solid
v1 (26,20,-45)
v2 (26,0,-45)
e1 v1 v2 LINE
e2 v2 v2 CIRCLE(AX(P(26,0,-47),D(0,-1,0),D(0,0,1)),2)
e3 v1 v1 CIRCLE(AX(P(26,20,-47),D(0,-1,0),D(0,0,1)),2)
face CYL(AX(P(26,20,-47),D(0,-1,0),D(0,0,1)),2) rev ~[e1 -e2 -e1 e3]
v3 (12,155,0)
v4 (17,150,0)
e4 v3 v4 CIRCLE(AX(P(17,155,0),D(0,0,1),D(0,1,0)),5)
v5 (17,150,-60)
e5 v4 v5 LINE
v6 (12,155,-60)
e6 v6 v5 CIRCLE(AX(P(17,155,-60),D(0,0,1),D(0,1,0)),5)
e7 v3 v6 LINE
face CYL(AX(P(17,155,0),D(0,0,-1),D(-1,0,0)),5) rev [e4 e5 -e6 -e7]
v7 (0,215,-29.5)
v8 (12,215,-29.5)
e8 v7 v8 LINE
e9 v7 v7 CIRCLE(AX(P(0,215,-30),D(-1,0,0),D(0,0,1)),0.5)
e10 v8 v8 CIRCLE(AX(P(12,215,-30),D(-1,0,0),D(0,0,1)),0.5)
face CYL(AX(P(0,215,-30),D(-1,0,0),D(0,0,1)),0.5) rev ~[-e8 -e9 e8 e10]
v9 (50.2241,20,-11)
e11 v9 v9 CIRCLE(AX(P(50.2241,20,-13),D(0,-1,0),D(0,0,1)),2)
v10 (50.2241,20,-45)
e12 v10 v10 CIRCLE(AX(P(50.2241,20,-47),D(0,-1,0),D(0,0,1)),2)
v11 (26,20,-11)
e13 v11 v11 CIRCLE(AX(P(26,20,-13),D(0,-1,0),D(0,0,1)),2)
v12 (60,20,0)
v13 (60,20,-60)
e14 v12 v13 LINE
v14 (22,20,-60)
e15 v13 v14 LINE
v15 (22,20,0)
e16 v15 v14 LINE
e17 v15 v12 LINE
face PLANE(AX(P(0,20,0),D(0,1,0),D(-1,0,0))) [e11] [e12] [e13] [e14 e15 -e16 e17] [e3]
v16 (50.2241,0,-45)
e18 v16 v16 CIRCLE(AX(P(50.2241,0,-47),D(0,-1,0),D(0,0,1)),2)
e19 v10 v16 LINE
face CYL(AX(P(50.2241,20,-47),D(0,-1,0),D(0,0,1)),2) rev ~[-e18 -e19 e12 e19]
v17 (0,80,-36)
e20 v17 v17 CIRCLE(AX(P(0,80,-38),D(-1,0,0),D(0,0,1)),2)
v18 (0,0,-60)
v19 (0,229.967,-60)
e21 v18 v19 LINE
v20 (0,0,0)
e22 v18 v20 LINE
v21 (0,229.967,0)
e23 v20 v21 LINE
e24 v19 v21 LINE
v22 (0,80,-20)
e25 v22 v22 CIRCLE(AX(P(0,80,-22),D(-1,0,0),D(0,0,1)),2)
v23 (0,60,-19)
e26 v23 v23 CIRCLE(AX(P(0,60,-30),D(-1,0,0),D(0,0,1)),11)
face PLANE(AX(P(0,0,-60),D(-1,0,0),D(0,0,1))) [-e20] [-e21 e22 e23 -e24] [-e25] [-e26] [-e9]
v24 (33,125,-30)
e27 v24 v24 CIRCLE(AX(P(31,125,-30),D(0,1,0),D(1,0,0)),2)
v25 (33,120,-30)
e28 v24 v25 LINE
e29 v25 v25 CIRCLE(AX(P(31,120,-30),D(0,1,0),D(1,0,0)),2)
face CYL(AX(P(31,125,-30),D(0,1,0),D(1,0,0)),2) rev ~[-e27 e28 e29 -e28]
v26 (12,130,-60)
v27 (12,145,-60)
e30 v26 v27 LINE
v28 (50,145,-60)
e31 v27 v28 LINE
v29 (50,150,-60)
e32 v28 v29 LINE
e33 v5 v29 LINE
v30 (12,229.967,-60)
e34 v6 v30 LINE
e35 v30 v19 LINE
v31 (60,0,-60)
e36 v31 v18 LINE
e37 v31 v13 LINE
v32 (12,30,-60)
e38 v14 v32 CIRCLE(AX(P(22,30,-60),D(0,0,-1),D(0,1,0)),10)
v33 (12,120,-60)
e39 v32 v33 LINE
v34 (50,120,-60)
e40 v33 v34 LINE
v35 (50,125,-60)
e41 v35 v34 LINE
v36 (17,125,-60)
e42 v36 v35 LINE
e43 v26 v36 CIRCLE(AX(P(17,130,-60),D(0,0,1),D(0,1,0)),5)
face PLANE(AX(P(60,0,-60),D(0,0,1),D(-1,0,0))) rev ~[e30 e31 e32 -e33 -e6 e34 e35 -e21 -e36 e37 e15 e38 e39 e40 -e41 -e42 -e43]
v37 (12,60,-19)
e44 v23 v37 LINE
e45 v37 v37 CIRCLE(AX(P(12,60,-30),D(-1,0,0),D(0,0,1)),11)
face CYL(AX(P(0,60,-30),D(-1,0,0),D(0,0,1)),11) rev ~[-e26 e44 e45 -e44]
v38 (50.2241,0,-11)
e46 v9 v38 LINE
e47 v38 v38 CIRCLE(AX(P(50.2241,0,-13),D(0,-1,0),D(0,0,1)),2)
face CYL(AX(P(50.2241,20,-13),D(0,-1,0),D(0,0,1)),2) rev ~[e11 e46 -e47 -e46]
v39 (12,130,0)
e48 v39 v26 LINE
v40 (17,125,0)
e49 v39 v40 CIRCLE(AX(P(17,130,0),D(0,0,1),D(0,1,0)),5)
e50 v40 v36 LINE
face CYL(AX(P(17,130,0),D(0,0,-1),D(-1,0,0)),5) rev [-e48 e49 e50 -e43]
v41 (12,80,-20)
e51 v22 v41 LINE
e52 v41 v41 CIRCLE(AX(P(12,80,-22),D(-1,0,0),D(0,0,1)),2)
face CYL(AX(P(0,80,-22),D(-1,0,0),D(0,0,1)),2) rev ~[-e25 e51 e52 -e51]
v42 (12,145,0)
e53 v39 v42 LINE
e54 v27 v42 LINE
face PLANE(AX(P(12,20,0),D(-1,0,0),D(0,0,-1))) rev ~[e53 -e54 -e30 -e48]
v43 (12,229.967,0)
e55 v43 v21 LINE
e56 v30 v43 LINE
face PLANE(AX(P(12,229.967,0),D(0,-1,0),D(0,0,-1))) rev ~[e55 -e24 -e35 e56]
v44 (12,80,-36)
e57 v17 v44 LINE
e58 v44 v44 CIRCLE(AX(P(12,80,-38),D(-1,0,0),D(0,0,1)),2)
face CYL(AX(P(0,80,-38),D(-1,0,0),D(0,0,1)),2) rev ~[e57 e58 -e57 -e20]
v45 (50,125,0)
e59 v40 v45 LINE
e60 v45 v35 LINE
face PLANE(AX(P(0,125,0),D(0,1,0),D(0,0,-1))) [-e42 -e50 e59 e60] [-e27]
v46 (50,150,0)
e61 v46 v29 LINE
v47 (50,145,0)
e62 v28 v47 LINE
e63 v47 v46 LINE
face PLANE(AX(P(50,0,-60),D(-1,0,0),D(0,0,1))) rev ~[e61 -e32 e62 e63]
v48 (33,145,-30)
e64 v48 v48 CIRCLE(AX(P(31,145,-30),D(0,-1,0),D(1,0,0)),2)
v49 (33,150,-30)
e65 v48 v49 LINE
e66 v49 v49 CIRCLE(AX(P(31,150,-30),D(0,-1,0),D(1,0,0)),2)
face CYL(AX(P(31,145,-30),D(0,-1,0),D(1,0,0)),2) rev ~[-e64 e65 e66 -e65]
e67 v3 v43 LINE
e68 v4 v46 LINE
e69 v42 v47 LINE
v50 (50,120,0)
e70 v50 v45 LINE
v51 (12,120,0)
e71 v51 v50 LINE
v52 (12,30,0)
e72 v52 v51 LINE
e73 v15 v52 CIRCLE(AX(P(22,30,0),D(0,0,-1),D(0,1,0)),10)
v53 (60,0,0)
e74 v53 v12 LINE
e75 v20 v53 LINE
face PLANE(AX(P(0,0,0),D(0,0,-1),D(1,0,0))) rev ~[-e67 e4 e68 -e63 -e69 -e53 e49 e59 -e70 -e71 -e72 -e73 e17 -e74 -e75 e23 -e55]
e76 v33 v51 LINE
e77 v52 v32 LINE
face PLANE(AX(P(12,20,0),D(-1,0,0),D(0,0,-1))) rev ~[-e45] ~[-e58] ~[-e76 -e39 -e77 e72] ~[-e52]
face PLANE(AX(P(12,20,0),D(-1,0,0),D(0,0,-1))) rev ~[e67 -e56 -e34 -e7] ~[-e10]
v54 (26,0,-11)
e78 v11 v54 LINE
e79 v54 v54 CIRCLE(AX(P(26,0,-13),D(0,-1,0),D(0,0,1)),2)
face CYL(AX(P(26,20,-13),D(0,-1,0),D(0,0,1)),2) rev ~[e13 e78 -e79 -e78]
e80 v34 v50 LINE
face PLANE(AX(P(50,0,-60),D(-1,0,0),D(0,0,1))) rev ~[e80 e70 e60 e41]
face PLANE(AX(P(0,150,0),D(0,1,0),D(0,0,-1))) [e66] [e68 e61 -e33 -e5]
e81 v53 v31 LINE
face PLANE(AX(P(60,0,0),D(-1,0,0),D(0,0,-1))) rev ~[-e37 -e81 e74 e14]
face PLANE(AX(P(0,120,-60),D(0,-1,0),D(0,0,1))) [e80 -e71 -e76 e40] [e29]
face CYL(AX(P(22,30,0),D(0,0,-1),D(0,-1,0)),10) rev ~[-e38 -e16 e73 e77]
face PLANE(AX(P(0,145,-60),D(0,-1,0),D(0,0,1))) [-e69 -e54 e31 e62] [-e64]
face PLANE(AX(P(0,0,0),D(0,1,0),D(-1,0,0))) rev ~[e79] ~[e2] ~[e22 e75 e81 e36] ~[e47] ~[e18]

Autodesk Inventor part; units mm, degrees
ref_plane "YZ Plane" through (0, 0, 0) normal (1, 0, 0) x (0, 1, 0)
ref_plane "XZ Plane" through (0, 0, 0) normal (0, 1, 0) x (-1, 0, 0)
ref_plane "XY Plane" through (0, 0, 0) normal (0, 0, 1) x (1, 0, 0)
sketch "Эскиз1" plane through (0, 0, 0) normal (0, 1, 0) x (-1, 0, 0)
  line L0 (0, 0) -> (-60, 0)
  line L1 (-60, 0) -> (-60, -60)
  line L2 (-60, -60) -> (0, -60)
  line L3 (0, -60) -> (0, 0)
  dimension "d0" = 60
  dimension "d1" = 60
extrude "Выдавливание1" add sketch "Эскиз1" along normal blind 20
sketch "Эскиз2" plane through (0, 20, 0) normal (0, 1, 0) x (1, 0, 0)
  line L0 (0, 0) -> (60, 0) projected
  line L1 (0, 0) -> (12, 0)
  line L2 (12, 0) -> (12, 60)
  line L3 (60, 60) -> (0, 60) projected
  line L4 (0, 60) -> (0, 0) projected
  line L5 (0, 60) -> (0, 0)
  dimension "d4" = 12
extrude "Выдавливание2" add sketch "Эскиз2" along normal blind 260
sketch "Эскиз3" plane through (0, 20, 0) normal (0, 1, 0) x (1, 0, 0)
  point P0 (0, 0)
  point P1 (26, 13)
  point P2 (26, 47)
  point P3 (50.2241, 13)
  point P4 (50.2241, 47)
hole "Отверстие1" at (26, 20, -13) at (26, 20, -47) at (50.2241, 20, -13) at (50.2241, 20, -47) direction (0, -1, 0) diameter 4 depth 40 tip angle 118
sketch "Эскиз4" plane through (12, 20, 0) normal (1, 0, 0) x (0, 0, -1)
  point P0 (0, -20)
  point P1 (30, 88)
  dimension "d14" = 0
extrude "Выдавливание3" [suppressed]
sketch "Эскиз5" plane through (12, 20, 0) normal (1, 0, 0) x (0, 0, -1)
  point P0 (0, -20)
sketch "Эскиз6" plane through (0, 0, 0) normal (0, 0, 1) x (1, 0, 0)
  line L0 (0, 0) -> (0, 280) projected
  line L1 (12, 20) -> (12, 280) projected
sketch "Эскиз7" plane through (60, 0, -60) normal (0, 0, -1) x (-1, 0, 0)
  point P0 (60, 0)
sketch "Эскиз8" plane through (12, 20, 0) normal (1, 0, 0) x (0, 0, -1)
  circle A0 centre (30, 80) radius 11.5
  point P0 (0, -20)
  point P1 (0, 80)
  dimension "d17" = 23
extrude "Выдавливание4" cut sketch "Эскиз8" against normal blind 100
sketch "Эскиз9" plane through (0, 0, -60) normal (-1, 0, 0) x (0, 0, 1)
  circle A0 centre (29.731, 99.8395) radius 12.5286
  point P0 (60, 0)
  point P1 (0, 80)
extrude "Выдавливание5" add sketch "Эскиз9" against normal blind 12
sketch "Эскиз10" plane through (0, 0, -60) normal (-1, 0, 0) x (0, 0, 1)
  line L0 (0, 0) -> (0, 280) projected
  circle A0 centre (30, 60) radius 11
  circle A1 centre (22, 80) radius 2
  circle A2 centre (38, 80) radius 2
  point P0 (60, 0)
  point P1 (0, 60)
  point P2 (0, 80)
  point P3 (30, 80)
  dimension "d22" = 22
  dimension "d23" = 4
  dimension "d24" = 4
extrude "Выдавливание6" cut sketch "Эскиз10" against normal blind 12
sketch "Эскиз11" plane through (0, 0, 0) normal (0, -1, 0) x (1, 0, 0)
  point P0 (0, 0)
fillet "Сопряжение1" radius 10 1 edges at (12, 20, -30)
sketch "Эскиз12" plane through (0, 0, -60) normal (-1, 0, 0) x (0, 0, 1)
  line L0 (0, 120) -> (60, 120)
  line L1 (60, 120) -> (60, 125)
  line L2 (60, 125) -> (0, 125)
  line L3 (0, 125) -> (0, 120)
  point P0 (60, 0)
  dimension "d28" = 60
  dimension "d29" = 5
extrude "Выдавливание7" add sketch "Эскиз12" against normal blind 50
fillet "Сопряжение2" radius 5 1 edges at (12, 125, -30)
sketch "Эскиз13" plane through (50, 125, 0) normal (0, 1, 0) x (1, 0, 0)
  circle A0 centre (-19, 30) radius 2
  point P0 (-50, 0)
  dimension "d33" = 4
extrude "Выдавливание8" cut sketch "Эскиз13" against normal blind 50
sketch "Эскиз14" plane through (0, 0, -60) normal (-1, 0, 0) x (0, 0, 1)
  line L0 (0, 0) -> (0, 280) projected
  line L1 (0, 145) -> (60, 145)
  line L2 (60, 145) -> (60, 150)
  line L3 (60, 150) -> (0, 150)
  line L4 (0, 150) -> (0, 145)
  point P0 (60, 0)
  dimension "d36" = 60
  dimension "d37" = 5
extrude "Выдавливание9" add sketch "Эскиз14" against normal blind 50
fillet "Сопряжение3" radius 5 1 edges at (12, 150, -30)
sketch "Эскиз15" plane through (12, 145, -60) normal (0, -1, 0) x (1, 0, 0)
  circle A0 centre (19, 30) radius 2 projected
  circle A1 centre (19, 30) radius 2
  circle A2 centre (19, 30) radius 2
  point P0 (-12, 60)
  point P1 (3.4297, 11.4015)
  dimension "d41" = 4
extrude "Выдавливание10" cut sketch "Эскиз15" against normal blind 50
sketch "Эскиз16" plane through (0, 0, -60) normal (-1, 0, 0) x (0, 0, 1)
  line L0 (0, 0) -> (0, 280) projected
  circle A0 centre (30, 215) radius 0.5
  point P0 (60, 0)
  point P1 (0, 215)
  point P2 (0, 215)
  dimension "d44" = 1
extrude "Выдавливание11" cut sketch "Эскиз16" against normal blind 100
sketch "Эскиз17" plane through (12, 280, 0) normal (1, 0, 0) x (0, 0, -1)
  point P0 (0, -280)
sketch "Эскиз18" plane through (12, 280, 0) normal (1, 0, 0) x (0, 0, -1)
  line L0 (0, -125) -> (0, 0) projected
  line L1 (60, -280) -> (60, 0) projected
  line L2 (0, -80) -> (0, -50)
  line L3 (0, -50) -> (5, -50)
  line L4 (5, -50) -> (5, -80)
  line L5 (5, -80) -> (0, -80)
  line L6 (0, -80) -> (0, -50)
  point P0 (0, -280)
  point P1 (30, -80)
  point P2 (30, -50)
  dimension "d47" = 5
extrude "Выдавливание12" add sketch "Эскиз18" along normal blind 44.5
sketch "Эскиз19" plane through (0, 0, 0) normal (0, 0, 1) x (1, 0, 0)
  circle A0 centre (52.5, 223) radius 2
  circle A1 centre (52.5, 207) radius 2
  point P0 (0, 0)
  point P1 (52.5, 215)
  dimension "d50" = 4
  dimension "d51" = 4
extrude "Выдавливание13" cut sketch "Эскиз19" against normal blind 45
fillet "Сопряжение4" radius 10 1 edges at (12, 215, -5)
sketch "Эскиз20" plane through (12, 280, 0) normal (1, 0, 0) x (0, 0, -1)
  line L0 (0, -280) -> (0, 0) projected
  line L1 (0, -50.033) -> (60, -50.033)
  line L2 (60, -280) -> (60, 0) projected
  line L3 (60, -50.033) -> (60, 0)
  line L4 (60, 0) -> (0, 0)
  line L5 (0, 0) -> (0, -50.033)
extrude "Выдавливание14" cut sketch "Эскиз20" against normal blind 100
sketch "Эскиз21" plane through (0, 0, 0) normal (0, 0, 1) x (1, 0, 0)
  line L0 (22, 230) -> (12, 230) projected
  line L1 (22, 200) -> (56.5, 200) projected
  line L2 (12, 230) -> (56.5, 230)
  line L3 (56.5, 230) -> (56.5, 200)
  line L4 (56.5, 200) -> (12, 200)
  line L5 (12, 200) -> (12, 230)
  point P0 (0, 0)
extrude "Выдавливание15" cut sketch "Эскиз21" against normal blind 100
properties part number "Подпора"
